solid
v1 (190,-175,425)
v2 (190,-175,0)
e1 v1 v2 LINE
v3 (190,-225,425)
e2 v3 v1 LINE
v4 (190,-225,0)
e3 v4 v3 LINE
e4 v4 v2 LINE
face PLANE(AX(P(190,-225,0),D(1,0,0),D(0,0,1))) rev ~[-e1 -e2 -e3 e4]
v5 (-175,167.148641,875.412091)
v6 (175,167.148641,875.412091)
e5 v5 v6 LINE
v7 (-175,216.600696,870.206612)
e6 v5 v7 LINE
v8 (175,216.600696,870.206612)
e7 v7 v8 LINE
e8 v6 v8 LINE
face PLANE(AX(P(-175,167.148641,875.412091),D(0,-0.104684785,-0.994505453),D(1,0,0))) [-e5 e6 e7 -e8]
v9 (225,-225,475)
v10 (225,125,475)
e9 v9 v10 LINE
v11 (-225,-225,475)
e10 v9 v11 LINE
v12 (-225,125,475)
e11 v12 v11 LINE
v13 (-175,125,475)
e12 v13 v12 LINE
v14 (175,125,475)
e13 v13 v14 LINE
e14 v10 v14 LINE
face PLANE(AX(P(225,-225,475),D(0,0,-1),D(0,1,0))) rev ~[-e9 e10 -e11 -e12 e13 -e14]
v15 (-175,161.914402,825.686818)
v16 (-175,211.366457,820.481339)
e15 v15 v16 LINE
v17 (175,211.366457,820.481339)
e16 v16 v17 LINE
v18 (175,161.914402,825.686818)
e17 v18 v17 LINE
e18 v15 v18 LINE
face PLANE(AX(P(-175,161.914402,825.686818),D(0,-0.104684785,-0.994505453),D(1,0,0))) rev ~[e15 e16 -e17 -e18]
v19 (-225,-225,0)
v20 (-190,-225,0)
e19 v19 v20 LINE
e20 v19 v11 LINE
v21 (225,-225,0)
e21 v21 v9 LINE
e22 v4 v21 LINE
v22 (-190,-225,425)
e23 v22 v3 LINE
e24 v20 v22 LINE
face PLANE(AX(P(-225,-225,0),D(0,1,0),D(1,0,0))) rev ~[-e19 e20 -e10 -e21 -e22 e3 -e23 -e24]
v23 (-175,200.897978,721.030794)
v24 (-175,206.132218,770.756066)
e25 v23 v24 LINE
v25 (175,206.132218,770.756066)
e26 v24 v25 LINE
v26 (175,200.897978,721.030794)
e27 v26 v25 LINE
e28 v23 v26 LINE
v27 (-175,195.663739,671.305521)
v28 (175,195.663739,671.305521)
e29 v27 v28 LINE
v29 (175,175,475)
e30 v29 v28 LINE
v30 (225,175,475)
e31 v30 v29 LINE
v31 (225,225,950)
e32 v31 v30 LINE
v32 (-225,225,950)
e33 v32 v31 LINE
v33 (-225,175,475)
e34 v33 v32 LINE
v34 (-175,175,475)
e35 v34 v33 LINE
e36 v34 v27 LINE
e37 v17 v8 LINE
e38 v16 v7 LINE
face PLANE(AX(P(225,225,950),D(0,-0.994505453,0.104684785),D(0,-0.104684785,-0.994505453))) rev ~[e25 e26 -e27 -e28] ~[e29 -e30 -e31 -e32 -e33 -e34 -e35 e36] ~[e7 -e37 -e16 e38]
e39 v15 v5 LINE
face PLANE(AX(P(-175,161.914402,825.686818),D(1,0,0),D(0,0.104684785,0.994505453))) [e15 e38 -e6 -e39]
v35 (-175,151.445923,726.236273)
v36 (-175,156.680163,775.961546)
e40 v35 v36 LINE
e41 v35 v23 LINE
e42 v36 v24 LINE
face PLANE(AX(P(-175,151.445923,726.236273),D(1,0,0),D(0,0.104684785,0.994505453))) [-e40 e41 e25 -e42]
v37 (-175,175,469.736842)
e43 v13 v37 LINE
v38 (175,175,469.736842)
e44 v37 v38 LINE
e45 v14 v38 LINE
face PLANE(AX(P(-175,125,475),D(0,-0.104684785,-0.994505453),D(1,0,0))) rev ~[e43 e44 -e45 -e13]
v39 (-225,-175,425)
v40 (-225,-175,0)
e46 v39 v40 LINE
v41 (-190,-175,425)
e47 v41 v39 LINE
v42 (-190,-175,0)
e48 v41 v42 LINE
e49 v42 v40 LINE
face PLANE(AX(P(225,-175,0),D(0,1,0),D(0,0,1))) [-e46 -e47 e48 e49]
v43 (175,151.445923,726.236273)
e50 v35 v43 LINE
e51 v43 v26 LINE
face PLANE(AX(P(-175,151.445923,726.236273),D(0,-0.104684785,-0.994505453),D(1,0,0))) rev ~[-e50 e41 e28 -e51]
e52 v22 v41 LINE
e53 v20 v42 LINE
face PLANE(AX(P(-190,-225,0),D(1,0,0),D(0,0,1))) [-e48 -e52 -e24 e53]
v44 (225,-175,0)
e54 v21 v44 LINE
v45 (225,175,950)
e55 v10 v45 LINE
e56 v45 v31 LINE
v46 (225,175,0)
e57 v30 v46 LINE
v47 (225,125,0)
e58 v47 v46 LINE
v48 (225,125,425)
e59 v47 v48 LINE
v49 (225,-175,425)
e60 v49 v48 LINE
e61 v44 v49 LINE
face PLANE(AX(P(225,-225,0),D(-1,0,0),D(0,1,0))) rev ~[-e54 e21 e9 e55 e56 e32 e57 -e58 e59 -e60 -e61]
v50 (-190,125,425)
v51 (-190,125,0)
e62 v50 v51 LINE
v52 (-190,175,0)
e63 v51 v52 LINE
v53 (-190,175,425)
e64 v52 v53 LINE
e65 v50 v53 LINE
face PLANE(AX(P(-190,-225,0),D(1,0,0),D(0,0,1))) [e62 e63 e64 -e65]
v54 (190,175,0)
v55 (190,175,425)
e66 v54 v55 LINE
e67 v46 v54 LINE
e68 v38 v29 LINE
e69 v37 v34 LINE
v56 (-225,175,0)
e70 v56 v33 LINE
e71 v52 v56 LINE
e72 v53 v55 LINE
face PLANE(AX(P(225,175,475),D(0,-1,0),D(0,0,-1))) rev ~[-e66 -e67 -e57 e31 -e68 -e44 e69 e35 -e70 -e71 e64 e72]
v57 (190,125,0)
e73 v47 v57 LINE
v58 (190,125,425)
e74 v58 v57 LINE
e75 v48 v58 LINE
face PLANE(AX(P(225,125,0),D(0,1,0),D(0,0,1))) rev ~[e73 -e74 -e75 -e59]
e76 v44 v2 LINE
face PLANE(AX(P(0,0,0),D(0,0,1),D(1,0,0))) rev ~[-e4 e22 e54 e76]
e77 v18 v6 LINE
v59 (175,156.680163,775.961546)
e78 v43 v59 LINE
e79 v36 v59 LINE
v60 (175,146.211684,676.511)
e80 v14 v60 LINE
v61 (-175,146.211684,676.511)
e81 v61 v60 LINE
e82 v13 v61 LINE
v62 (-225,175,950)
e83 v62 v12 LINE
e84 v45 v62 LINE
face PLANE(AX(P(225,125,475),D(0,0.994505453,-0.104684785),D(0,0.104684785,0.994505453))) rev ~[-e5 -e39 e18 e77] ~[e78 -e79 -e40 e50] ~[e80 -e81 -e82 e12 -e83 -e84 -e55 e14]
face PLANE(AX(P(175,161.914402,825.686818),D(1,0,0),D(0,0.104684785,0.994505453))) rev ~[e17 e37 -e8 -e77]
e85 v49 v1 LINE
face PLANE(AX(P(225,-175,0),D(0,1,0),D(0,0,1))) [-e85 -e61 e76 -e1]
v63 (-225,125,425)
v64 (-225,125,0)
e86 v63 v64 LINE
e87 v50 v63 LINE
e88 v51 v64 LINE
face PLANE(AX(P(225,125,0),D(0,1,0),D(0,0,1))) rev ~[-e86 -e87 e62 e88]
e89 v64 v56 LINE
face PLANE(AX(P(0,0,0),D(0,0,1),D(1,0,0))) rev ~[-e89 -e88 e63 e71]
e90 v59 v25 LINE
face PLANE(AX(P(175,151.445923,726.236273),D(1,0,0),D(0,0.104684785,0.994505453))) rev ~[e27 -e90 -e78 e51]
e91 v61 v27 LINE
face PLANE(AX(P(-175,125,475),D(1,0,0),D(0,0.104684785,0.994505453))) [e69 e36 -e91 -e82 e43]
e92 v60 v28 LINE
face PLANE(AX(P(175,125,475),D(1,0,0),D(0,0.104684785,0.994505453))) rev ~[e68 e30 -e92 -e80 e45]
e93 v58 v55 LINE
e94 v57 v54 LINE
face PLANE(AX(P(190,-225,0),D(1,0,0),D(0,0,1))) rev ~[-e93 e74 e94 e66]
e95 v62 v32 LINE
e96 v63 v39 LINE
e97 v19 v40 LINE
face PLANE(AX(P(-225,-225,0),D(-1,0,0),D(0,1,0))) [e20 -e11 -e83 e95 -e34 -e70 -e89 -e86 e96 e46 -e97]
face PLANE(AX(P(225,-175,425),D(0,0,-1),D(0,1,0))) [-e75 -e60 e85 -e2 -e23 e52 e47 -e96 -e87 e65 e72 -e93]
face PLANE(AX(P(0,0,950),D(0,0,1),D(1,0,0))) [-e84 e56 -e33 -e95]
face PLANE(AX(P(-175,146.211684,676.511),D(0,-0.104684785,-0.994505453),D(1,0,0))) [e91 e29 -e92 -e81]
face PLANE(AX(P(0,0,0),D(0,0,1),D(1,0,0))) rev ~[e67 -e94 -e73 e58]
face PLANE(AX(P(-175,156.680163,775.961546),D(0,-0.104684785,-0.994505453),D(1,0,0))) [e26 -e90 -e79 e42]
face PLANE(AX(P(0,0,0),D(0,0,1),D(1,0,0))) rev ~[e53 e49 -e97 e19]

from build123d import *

# Parameters (mm, degrees)
F0_W     = 450
F0_H     = 450
F1_DEPTH = 950
F2_W     = 50
F2_H     = 50
F2_H_2   = 425
F2_W_2   = 300
F3_DEPTH = 450.001
F4_W     = 380
F4_H     = 425
F5_DEPTH = 450.001
F6_W     = 350
F6_H     = 202.6243293636
F6_H_2   = 50
F7_DEPTH = 149.1768179382


with BuildPart() as f1:
    # F0 (on Top) → F1 (new body)
    with BuildSketch(Plane.XY):
        Rectangle(F0_W, F0_H)
    extrude(amount=F1_DEPTH)

    # F2 (on face) → F3 (cut, through all)
    with BuildSketch(Plane.YZ.offset(225)):
        Polygon((-225, 475), (125, 475), (175, 950), (-225, 950), align=None)
        Polygon((175, 475), (225, 475), (225, 950), align=None)
        with Locations((200, 450)):
            Rectangle(F2_W, F2_H)
        with Locations((200, 212.5)):
            Rectangle(F2_W, F2_H_2)
        with Locations((-25, 212.5)):
            Rectangle(F2_W_2, F2_H_2)
    extrude(amount=-F3_DEPTH, mode=Mode.SUBTRACT)

    # F4 (on face) → F5 (cut, through all)
    with BuildSketch(Plane.XZ.offset(225)):
        with Locations((0, 212.5)):
            Rectangle(F4_W, F4_H)
    extrude(amount=-F5_DEPTH, mode=Mode.SUBTRACT)

    # F6 (on face) → F7 (cut, through all)
    with BuildSketch(Plane(origin=(0, 74.1780821918, -7.8082191781), x_dir=(1, 0, 0), z_dir=(0, -0.9945054529, 0.1046847845))):
        with Locations((0, 586.7878528842)):
            Rectangle(F6_W, F6_H)
        with Locations((0, 763.100017566)):
            Rectangle(F6_W, F6_H_2)
        with Locations((0, 863.100017566)):
            Rectangle(F6_W, F6_H_2)
    extrude(amount=-F7_DEPTH, mode=Mode.SUBTRACT)


solid = f1.part
